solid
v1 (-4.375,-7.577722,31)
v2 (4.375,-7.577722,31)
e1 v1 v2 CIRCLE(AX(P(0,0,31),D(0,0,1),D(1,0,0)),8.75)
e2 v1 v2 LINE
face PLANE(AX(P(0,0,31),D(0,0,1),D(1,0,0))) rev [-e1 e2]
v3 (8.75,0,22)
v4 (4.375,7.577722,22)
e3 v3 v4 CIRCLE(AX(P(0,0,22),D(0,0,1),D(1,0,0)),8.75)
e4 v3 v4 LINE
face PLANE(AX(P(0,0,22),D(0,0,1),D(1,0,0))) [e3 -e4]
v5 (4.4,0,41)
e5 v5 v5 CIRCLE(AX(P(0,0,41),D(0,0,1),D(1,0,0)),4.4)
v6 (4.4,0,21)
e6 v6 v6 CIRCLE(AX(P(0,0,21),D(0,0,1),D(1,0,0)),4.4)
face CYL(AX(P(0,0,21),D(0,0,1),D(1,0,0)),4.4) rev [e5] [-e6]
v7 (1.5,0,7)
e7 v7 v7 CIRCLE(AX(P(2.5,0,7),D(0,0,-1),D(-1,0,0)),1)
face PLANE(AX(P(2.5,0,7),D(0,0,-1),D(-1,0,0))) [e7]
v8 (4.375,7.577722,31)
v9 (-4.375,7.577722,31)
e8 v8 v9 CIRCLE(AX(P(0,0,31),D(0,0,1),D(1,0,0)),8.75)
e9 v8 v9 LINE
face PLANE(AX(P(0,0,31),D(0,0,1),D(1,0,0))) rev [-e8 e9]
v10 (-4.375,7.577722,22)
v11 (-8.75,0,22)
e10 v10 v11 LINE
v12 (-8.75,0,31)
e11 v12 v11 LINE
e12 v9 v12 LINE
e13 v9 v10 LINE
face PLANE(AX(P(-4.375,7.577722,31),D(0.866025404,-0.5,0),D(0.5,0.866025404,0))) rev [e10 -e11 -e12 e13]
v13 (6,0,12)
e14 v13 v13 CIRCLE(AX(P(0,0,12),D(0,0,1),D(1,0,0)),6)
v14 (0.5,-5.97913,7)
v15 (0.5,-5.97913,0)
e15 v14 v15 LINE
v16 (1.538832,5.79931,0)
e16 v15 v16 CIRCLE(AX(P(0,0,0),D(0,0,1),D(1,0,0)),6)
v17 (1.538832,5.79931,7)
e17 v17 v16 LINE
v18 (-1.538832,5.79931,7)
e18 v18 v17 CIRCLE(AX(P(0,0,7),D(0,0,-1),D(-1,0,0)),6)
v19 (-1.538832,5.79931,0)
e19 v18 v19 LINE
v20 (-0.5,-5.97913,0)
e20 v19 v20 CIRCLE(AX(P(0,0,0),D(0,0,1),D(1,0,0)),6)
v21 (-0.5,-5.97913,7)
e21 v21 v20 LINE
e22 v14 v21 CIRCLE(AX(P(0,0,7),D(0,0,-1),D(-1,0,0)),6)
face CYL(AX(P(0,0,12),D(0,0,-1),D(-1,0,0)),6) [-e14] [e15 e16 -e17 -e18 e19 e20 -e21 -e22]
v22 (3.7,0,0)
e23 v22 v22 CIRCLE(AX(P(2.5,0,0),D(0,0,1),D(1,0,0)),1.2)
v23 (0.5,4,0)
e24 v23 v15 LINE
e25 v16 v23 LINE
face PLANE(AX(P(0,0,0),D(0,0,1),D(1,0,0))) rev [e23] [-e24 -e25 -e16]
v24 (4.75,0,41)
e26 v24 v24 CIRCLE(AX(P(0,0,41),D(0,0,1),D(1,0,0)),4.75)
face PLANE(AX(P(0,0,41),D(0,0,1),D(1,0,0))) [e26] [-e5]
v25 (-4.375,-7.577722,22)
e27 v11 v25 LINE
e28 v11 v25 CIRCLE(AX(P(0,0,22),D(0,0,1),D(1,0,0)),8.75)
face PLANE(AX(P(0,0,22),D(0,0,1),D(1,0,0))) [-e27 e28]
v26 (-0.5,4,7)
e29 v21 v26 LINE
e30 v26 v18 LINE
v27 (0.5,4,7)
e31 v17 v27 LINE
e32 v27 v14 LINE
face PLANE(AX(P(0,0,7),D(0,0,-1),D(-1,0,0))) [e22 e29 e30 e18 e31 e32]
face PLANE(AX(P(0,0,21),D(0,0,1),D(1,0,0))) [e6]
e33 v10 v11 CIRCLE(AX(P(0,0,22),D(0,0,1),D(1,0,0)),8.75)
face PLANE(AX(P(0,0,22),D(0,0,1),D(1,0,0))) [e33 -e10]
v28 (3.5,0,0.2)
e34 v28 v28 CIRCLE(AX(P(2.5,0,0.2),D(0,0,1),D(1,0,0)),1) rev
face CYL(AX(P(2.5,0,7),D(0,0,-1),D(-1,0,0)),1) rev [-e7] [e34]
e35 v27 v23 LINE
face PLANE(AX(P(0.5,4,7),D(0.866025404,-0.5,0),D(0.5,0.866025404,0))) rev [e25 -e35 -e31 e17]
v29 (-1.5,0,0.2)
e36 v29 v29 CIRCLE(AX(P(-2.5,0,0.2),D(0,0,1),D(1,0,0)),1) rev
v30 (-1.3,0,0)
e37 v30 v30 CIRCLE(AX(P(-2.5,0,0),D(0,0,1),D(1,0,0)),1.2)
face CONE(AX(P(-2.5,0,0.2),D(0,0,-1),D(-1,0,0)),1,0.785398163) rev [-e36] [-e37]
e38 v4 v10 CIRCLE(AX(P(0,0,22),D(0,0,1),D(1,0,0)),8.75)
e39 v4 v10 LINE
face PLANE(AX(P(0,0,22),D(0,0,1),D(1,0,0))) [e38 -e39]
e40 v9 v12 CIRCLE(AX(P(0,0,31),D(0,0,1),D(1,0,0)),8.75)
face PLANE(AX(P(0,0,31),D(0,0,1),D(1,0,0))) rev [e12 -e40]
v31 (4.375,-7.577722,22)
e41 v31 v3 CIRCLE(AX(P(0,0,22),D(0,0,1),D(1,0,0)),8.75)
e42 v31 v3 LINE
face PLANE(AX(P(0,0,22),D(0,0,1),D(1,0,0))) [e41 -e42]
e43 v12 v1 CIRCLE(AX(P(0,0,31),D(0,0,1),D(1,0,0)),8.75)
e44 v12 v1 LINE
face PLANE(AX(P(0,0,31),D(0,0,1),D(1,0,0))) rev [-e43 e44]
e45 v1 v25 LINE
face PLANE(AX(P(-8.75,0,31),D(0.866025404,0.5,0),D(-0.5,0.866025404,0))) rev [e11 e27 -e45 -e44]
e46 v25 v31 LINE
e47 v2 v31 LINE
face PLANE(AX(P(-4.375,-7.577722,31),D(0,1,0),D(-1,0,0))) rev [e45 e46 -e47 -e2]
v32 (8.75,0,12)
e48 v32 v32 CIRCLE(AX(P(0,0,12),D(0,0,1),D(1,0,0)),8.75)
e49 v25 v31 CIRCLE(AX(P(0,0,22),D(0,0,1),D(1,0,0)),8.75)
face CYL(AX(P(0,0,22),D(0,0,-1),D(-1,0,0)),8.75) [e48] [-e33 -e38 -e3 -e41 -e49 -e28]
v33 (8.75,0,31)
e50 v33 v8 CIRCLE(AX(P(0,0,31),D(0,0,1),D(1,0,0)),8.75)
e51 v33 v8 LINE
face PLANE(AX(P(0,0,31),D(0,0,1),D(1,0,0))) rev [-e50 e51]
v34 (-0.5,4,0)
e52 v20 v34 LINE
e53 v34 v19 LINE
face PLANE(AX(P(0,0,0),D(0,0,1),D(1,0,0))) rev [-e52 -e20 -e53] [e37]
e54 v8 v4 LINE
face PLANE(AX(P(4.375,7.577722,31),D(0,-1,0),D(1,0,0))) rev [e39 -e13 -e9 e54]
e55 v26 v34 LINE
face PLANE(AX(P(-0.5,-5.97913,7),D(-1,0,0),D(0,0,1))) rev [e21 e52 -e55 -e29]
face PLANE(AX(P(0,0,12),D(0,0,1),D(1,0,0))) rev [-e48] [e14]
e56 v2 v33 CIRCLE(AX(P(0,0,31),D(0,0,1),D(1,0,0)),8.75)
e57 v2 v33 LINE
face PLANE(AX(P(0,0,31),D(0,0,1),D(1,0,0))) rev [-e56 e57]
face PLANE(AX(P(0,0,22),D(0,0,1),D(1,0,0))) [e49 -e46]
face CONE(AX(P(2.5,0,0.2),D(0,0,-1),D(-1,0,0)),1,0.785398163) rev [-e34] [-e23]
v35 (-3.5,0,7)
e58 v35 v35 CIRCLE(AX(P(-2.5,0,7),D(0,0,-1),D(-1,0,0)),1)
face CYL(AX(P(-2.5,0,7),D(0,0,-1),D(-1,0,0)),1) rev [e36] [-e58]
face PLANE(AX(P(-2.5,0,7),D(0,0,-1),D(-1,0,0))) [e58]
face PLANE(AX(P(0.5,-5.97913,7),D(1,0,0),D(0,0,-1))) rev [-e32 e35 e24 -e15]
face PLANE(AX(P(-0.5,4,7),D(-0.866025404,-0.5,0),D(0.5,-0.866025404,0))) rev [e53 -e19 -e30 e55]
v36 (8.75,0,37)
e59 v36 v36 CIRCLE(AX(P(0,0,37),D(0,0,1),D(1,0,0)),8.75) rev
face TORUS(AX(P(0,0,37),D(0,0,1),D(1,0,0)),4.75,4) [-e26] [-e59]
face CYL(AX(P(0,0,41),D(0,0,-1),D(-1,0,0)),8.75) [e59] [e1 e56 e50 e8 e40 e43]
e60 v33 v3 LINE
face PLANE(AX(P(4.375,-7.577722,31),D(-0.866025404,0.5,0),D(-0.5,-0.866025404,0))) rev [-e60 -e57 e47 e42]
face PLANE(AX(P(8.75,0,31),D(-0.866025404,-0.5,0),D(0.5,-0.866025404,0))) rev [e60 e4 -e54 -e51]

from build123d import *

# Parameters (mm, degrees)
SKETCH1_R           = 6
BOSS_EXTRUDE1_DEPTH = 12
SKETCH2_R           = 8.75
BOSS_EXTRUDE2_DEPTH = 10
BOSS_EXTRUDE3_DEPTH = 9
SKETCH4_R           = 8.75
BOSS_EXTRUDE4_DEPTH = 10
FILLET1_R           = 4
SKETCH5_R           = 4.4
CUT_EXTRUDE1_DEPTH  = 20
CUT_EXTRUDE2_DEPTH  = 7
SKETCH7_R           = 1
CUT_EXTRUDE3_DEPTH  = 7
CHAMFER1_SIZE       = 0.2


with BuildPart() as part:
    # Sketch1 → Boss-Extrude1 (new body)
    with BuildSketch(Plane.XY):
        Circle(SKETCH1_R)
    extrude(amount=BOSS_EXTRUDE1_DEPTH)

    # Sketch2 → Boss-Extrude2 (add)
    with BuildSketch(Plane.XY.offset(12)):
        Circle(SKETCH2_R)
    extrude(amount=BOSS_EXTRUDE2_DEPTH)

    # Sketch3 → Boss-Extrude3 (add)
    with BuildSketch(Plane.XY.offset(22)):
        Polygon((4.375, 7.577722283), (-4.375, 7.577722283), (-8.75, 0), (-4.375, -7.577722283), (4.375, -7.577722283), (8.75, 0), align=None)
    extrude(amount=BOSS_EXTRUDE3_DEPTH)

    # Sketch4 → Boss-Extrude4 (add)
    with BuildSketch(Plane.XY.offset(31)):
        Circle(SKETCH4_R)
    extrude(amount=BOSS_EXTRUDE4_DEPTH)

    # Fillet1
    fillet1_edges = [part.edges().sort_by_distance(p)[0] for p in [
        (-8.75, 0, 41),
    ]]
    fillet(fillet1_edges, radius=FILLET1_R)

    # Sketch5 → Cut-Extrude1 (cut)
    with BuildSketch(Plane.XY.offset(41)):
        Circle(SKETCH5_R)
    extrude(amount=-CUT_EXTRUDE1_DEPTH, mode=Mode.SUBTRACT)

    # Sketch6 → Cut-Extrude2 (cut)
    with BuildSketch(Plane(origin=(0, 0, 0), x_dir=(-1, 0, 0), z_dir=(0, 0, -1))):
        with BuildLine():
            Line((-0.5, -5.979130372), (-0.5, 4))
            Line((-0.5, 4), (-1.538832081, 5.799309944))
            ThreePointArc((-1.538832081, 5.799309944), (0, 6), (1.538832081, 5.799309944))
            Line((1.538832081, 5.799309944), (0.5, 4))
            Line((0.5, 4), (0.5, -5.979130372))
            ThreePointArc((0.5, -5.979130372), (0, -6), (-0.5, -5.979130372))
        make_face()
    extrude(amount=-CUT_EXTRUDE2_DEPTH, mode=Mode.SUBTRACT)

    # Sketch7 → Cut-Extrude3 (cut)
    with BuildSketch(Plane(origin=(0, 0, 0), x_dir=(-1, 0, 0), z_dir=(0, 0, -1))):
        with Locations((-2.5, 0)):
            Circle(SKETCH7_R)
        with Locations((2.5, 0)):
            Circle(SKETCH7_R)
    extrude(amount=-CUT_EXTRUDE3_DEPTH, mode=Mode.SUBTRACT)

    # Chamfer1
    chamfer1_edges = [part.edges().sort_by_distance(p)[0] for p in [
        (3.5, 0, 0),
        (-1.5, 0, 0),
    ]]
    chamfer(chamfer1_edges, length=CHAMFER1_SIZE)


solid = part.part
